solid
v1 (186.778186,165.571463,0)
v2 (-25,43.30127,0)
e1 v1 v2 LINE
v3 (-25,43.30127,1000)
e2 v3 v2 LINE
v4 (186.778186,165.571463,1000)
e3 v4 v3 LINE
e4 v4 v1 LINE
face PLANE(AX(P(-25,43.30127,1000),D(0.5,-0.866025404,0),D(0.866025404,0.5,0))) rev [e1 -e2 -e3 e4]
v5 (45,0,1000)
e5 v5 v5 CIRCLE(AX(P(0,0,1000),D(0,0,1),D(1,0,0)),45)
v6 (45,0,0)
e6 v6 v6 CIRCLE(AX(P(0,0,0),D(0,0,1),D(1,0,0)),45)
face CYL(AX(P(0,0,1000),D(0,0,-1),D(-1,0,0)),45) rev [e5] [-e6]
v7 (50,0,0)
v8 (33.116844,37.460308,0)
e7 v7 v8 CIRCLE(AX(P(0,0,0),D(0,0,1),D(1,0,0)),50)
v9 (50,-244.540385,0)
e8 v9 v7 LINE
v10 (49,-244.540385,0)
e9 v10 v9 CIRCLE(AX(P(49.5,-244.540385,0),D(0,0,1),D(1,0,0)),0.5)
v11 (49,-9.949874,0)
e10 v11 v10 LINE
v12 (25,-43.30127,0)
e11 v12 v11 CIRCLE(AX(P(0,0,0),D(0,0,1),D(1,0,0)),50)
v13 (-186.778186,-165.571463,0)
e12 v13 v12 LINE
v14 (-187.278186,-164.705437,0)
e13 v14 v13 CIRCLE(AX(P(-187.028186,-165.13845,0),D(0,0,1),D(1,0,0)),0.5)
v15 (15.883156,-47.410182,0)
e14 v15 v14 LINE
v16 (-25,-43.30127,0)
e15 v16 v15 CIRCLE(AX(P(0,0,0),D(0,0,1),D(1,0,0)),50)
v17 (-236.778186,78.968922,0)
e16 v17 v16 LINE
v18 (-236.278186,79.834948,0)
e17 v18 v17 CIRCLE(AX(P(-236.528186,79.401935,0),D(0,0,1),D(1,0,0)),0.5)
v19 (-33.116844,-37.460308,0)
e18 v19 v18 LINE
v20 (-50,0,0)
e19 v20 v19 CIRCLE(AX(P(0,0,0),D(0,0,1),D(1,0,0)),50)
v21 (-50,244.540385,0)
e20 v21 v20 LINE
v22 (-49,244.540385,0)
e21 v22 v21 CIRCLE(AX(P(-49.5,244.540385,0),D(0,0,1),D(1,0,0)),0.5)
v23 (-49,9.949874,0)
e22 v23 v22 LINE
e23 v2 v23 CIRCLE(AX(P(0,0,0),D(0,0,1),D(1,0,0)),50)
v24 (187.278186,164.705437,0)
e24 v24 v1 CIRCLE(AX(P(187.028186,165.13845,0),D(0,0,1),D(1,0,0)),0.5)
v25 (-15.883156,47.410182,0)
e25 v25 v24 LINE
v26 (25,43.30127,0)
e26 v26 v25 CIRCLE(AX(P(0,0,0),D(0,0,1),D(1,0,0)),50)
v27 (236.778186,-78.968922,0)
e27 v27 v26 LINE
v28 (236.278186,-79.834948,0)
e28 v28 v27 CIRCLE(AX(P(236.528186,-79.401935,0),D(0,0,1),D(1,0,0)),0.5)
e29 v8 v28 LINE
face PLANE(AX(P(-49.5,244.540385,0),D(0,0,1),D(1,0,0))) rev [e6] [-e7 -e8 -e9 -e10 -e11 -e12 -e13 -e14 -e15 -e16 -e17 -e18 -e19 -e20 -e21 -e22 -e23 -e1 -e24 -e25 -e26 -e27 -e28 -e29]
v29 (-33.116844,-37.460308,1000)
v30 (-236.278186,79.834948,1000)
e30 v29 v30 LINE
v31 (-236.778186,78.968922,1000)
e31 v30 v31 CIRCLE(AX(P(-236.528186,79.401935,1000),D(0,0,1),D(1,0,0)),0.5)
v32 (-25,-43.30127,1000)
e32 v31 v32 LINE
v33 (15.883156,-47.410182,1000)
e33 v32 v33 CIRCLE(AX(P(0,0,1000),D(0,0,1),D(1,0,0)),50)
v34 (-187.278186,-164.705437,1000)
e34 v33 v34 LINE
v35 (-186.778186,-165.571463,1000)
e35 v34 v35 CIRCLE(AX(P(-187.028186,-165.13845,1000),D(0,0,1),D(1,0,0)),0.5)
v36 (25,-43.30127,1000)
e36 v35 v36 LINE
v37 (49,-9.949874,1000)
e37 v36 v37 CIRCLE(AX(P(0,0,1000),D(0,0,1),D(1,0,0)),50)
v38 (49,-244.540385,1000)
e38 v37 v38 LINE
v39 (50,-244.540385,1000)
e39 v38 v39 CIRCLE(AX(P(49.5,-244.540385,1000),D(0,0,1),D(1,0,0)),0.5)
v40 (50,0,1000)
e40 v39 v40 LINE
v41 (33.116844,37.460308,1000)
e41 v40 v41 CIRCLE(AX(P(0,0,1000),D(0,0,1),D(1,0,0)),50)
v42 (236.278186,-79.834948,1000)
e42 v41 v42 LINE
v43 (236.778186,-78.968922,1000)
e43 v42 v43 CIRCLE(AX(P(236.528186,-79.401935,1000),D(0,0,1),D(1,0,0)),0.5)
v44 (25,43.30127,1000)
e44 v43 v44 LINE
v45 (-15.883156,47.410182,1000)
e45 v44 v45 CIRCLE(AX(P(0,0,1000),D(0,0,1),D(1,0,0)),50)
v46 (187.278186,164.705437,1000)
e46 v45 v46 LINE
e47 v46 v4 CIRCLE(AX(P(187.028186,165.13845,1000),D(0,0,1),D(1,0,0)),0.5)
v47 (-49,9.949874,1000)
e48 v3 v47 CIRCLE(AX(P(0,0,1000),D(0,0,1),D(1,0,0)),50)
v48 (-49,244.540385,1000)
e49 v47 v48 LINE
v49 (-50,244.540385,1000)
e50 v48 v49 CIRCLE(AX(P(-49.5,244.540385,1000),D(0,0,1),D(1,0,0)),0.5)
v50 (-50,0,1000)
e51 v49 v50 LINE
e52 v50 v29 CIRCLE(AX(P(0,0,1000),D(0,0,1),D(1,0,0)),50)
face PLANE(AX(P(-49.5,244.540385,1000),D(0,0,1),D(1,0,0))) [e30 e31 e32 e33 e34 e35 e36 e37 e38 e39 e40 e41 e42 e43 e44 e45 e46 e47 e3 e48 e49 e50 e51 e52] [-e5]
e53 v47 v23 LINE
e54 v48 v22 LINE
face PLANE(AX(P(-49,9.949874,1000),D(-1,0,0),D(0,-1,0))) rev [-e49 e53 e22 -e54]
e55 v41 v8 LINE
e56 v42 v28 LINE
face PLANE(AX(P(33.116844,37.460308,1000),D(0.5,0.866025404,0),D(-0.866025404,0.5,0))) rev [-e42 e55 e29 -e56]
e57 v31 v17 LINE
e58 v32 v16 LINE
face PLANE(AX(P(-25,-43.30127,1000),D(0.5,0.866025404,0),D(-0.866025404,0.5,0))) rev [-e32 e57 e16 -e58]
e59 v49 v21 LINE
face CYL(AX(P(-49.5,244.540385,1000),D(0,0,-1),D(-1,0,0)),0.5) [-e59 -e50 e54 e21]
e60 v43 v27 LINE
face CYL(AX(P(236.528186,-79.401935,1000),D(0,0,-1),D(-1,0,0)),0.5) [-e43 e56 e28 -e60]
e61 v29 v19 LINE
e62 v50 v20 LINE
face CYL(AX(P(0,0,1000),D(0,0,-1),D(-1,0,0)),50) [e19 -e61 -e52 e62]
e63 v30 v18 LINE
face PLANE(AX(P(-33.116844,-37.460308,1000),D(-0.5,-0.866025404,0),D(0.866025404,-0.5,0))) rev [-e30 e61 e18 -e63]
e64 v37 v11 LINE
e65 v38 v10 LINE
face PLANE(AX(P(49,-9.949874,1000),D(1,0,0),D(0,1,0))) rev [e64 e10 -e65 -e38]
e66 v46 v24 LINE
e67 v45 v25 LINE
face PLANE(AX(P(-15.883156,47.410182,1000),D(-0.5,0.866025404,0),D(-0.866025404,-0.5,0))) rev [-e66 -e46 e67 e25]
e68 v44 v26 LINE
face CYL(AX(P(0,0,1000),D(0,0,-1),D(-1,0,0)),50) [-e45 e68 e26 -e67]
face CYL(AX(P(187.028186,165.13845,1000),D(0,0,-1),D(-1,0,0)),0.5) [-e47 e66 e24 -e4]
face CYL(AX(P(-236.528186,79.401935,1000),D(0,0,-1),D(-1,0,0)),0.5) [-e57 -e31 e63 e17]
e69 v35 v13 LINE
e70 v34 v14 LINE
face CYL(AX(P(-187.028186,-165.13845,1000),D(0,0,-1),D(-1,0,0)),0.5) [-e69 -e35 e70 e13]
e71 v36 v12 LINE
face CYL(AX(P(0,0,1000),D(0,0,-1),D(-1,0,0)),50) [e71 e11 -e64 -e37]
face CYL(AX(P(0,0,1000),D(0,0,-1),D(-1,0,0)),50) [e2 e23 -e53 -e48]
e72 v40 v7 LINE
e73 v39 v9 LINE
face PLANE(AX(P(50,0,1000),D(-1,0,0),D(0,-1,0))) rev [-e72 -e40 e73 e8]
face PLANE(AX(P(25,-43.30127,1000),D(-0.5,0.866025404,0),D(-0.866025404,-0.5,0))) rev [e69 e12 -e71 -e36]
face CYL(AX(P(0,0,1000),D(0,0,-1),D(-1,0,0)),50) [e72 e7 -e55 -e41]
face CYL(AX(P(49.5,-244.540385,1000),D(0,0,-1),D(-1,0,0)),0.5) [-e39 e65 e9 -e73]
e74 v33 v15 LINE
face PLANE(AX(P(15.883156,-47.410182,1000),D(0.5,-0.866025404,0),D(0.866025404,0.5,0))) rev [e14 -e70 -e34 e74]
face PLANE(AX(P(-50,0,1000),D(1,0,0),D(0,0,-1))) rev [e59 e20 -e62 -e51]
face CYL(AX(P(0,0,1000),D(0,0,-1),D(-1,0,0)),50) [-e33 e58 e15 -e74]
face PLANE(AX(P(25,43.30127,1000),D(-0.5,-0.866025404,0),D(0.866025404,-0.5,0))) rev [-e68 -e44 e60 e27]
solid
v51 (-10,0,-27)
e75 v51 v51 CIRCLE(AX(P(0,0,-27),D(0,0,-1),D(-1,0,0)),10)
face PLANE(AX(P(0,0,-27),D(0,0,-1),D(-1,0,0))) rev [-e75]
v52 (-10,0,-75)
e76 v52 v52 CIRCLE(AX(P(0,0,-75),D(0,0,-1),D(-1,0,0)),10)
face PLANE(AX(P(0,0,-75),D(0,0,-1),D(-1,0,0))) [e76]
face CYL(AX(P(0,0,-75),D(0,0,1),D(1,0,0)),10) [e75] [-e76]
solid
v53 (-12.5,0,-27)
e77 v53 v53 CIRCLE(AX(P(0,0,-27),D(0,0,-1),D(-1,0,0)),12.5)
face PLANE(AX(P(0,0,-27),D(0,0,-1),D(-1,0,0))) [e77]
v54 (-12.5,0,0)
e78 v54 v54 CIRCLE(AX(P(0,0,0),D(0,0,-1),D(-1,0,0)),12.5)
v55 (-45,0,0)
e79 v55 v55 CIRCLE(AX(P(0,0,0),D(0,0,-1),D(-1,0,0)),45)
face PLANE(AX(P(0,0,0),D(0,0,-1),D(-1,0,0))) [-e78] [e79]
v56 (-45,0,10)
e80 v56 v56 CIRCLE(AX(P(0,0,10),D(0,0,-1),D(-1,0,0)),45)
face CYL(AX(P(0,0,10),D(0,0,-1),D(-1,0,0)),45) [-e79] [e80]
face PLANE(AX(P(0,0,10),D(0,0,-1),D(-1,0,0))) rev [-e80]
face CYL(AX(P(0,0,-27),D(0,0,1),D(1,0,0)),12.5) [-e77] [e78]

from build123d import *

# Parameters (mm, degrees)
SKETCH2_R           = 45
BOSS_EXTRUDE1_DEPTH = 1000
SKETCH3_R           = 12.5
BOSS_EXTRUDE2_DEPTH = 27
SKETCH4_R           = 10
BOSS_EXTRUDE3_DEPTH = 48
SKETCH12_R          = 45
BOSS_EXTRUDE4_DEPTH = 10


with BuildPart() as part:
    # Sketch2 → Boss-Extrude1 (new body)
    with BuildSketch(Plane.XY):
        with BuildLine():
            Line((-50, 0), (-50, 244.540385213))
            ThreePointArc((-50, 244.540385213), (-49.5, 245.040385213), (-49, 244.540385213))
            Line((-49, 244.540385213), (-49, 9.949874371))
            ThreePointArc((-49, 9.949874371), (-40.584219849, 29.204812947), (-25, 43.301270189))
            Line((-25, 43.301270189), (186.778185845, 165.571462796))
            ThreePointArc((186.778185845, 165.571462796), (187.461198547, 165.388450094), (187.278185845, 164.705437392))
            Line((187.278185845, 164.705437392), (-15.88315603, 47.410181971))
            ThreePointArc((-15.88315603, 47.410181971), (5, 49.749371855), (25, 43.301270189))
            Line((25, 43.301270189), (236.778185845, -78.968922417))
            ThreePointArc((236.778185845, -78.968922417), (236.961198547, -79.651935119), (236.278185845, -79.834947821))
            Line((236.278185845, -79.834947821), (33.11684397, 37.4603076))
            ThreePointArc((33.11684397, 37.4603076), (45.584219849, 20.544558909), (50, 0))
            Line((50, 0), (50, -244.540385213))
            ThreePointArc((50, -244.540385213), (49.5, -245.040385213), (49, -244.540385213))
            Line((49, -244.540385213), (49, -9.949874371))
            ThreePointArc((49, -9.949874371), (40.584219849, -29.204812947), (25, -43.301270189))
            Line((25, -43.301270189), (-186.778185845, -165.571462796))
            ThreePointArc((-186.778185845, -165.571462796), (-187.461198547, -165.388450094), (-187.278185845, -164.705437392))
            Line((-187.278185845, -164.705437392), (15.88315603, -47.410181971))
            ThreePointArc((15.88315603, -47.410181971), (-5, -49.749371855), (-25, -43.301270189))
            Line((-25, -43.301270189), (-236.778185845, 78.968922417))
            ThreePointArc((-236.778185845, 78.968922417), (-236.961198547, 79.651935119), (-236.278185845, 79.834947821))
            Line((-236.278185845, 79.834947821), (-33.11684397, -37.4603076))
            ThreePointArc((-33.11684397, -37.4603076), (-45.584219849, -20.544558909), (-50, 0))
        make_face()
        Circle(SKETCH2_R, mode=Mode.SUBTRACT)
    extrude(amount=BOSS_EXTRUDE1_DEPTH)


with BuildPart() as body_2:
    # Sketch3 → Boss-Extrude2 (new body)
    with BuildSketch(Plane(origin=(0, 0, 0), x_dir=(-1, 0, 0), z_dir=(0, 0, -1))):
        Circle(SKETCH3_R)
    extrude(amount=BOSS_EXTRUDE2_DEPTH)

    # Sketch12 → Boss-Extrude4 (add)
    with BuildSketch(Plane(origin=(0, 0, 0), x_dir=(-1, 0, 0), z_dir=(0, 0, -1))):
        Circle(SKETCH12_R)
    extrude(amount=-BOSS_EXTRUDE4_DEPTH)


with BuildPart() as body_3:
    # Sketch4 → Boss-Extrude3 (new body)
    with BuildSketch(Plane(origin=(0, 0, -27), x_dir=(-1, 0, 0), z_dir=(0, 0, -1))):
        Circle(SKETCH4_R)
    extrude(amount=BOSS_EXTRUDE3_DEPTH)


solid = Compound([part.part, body_2.part, body_3.part])
